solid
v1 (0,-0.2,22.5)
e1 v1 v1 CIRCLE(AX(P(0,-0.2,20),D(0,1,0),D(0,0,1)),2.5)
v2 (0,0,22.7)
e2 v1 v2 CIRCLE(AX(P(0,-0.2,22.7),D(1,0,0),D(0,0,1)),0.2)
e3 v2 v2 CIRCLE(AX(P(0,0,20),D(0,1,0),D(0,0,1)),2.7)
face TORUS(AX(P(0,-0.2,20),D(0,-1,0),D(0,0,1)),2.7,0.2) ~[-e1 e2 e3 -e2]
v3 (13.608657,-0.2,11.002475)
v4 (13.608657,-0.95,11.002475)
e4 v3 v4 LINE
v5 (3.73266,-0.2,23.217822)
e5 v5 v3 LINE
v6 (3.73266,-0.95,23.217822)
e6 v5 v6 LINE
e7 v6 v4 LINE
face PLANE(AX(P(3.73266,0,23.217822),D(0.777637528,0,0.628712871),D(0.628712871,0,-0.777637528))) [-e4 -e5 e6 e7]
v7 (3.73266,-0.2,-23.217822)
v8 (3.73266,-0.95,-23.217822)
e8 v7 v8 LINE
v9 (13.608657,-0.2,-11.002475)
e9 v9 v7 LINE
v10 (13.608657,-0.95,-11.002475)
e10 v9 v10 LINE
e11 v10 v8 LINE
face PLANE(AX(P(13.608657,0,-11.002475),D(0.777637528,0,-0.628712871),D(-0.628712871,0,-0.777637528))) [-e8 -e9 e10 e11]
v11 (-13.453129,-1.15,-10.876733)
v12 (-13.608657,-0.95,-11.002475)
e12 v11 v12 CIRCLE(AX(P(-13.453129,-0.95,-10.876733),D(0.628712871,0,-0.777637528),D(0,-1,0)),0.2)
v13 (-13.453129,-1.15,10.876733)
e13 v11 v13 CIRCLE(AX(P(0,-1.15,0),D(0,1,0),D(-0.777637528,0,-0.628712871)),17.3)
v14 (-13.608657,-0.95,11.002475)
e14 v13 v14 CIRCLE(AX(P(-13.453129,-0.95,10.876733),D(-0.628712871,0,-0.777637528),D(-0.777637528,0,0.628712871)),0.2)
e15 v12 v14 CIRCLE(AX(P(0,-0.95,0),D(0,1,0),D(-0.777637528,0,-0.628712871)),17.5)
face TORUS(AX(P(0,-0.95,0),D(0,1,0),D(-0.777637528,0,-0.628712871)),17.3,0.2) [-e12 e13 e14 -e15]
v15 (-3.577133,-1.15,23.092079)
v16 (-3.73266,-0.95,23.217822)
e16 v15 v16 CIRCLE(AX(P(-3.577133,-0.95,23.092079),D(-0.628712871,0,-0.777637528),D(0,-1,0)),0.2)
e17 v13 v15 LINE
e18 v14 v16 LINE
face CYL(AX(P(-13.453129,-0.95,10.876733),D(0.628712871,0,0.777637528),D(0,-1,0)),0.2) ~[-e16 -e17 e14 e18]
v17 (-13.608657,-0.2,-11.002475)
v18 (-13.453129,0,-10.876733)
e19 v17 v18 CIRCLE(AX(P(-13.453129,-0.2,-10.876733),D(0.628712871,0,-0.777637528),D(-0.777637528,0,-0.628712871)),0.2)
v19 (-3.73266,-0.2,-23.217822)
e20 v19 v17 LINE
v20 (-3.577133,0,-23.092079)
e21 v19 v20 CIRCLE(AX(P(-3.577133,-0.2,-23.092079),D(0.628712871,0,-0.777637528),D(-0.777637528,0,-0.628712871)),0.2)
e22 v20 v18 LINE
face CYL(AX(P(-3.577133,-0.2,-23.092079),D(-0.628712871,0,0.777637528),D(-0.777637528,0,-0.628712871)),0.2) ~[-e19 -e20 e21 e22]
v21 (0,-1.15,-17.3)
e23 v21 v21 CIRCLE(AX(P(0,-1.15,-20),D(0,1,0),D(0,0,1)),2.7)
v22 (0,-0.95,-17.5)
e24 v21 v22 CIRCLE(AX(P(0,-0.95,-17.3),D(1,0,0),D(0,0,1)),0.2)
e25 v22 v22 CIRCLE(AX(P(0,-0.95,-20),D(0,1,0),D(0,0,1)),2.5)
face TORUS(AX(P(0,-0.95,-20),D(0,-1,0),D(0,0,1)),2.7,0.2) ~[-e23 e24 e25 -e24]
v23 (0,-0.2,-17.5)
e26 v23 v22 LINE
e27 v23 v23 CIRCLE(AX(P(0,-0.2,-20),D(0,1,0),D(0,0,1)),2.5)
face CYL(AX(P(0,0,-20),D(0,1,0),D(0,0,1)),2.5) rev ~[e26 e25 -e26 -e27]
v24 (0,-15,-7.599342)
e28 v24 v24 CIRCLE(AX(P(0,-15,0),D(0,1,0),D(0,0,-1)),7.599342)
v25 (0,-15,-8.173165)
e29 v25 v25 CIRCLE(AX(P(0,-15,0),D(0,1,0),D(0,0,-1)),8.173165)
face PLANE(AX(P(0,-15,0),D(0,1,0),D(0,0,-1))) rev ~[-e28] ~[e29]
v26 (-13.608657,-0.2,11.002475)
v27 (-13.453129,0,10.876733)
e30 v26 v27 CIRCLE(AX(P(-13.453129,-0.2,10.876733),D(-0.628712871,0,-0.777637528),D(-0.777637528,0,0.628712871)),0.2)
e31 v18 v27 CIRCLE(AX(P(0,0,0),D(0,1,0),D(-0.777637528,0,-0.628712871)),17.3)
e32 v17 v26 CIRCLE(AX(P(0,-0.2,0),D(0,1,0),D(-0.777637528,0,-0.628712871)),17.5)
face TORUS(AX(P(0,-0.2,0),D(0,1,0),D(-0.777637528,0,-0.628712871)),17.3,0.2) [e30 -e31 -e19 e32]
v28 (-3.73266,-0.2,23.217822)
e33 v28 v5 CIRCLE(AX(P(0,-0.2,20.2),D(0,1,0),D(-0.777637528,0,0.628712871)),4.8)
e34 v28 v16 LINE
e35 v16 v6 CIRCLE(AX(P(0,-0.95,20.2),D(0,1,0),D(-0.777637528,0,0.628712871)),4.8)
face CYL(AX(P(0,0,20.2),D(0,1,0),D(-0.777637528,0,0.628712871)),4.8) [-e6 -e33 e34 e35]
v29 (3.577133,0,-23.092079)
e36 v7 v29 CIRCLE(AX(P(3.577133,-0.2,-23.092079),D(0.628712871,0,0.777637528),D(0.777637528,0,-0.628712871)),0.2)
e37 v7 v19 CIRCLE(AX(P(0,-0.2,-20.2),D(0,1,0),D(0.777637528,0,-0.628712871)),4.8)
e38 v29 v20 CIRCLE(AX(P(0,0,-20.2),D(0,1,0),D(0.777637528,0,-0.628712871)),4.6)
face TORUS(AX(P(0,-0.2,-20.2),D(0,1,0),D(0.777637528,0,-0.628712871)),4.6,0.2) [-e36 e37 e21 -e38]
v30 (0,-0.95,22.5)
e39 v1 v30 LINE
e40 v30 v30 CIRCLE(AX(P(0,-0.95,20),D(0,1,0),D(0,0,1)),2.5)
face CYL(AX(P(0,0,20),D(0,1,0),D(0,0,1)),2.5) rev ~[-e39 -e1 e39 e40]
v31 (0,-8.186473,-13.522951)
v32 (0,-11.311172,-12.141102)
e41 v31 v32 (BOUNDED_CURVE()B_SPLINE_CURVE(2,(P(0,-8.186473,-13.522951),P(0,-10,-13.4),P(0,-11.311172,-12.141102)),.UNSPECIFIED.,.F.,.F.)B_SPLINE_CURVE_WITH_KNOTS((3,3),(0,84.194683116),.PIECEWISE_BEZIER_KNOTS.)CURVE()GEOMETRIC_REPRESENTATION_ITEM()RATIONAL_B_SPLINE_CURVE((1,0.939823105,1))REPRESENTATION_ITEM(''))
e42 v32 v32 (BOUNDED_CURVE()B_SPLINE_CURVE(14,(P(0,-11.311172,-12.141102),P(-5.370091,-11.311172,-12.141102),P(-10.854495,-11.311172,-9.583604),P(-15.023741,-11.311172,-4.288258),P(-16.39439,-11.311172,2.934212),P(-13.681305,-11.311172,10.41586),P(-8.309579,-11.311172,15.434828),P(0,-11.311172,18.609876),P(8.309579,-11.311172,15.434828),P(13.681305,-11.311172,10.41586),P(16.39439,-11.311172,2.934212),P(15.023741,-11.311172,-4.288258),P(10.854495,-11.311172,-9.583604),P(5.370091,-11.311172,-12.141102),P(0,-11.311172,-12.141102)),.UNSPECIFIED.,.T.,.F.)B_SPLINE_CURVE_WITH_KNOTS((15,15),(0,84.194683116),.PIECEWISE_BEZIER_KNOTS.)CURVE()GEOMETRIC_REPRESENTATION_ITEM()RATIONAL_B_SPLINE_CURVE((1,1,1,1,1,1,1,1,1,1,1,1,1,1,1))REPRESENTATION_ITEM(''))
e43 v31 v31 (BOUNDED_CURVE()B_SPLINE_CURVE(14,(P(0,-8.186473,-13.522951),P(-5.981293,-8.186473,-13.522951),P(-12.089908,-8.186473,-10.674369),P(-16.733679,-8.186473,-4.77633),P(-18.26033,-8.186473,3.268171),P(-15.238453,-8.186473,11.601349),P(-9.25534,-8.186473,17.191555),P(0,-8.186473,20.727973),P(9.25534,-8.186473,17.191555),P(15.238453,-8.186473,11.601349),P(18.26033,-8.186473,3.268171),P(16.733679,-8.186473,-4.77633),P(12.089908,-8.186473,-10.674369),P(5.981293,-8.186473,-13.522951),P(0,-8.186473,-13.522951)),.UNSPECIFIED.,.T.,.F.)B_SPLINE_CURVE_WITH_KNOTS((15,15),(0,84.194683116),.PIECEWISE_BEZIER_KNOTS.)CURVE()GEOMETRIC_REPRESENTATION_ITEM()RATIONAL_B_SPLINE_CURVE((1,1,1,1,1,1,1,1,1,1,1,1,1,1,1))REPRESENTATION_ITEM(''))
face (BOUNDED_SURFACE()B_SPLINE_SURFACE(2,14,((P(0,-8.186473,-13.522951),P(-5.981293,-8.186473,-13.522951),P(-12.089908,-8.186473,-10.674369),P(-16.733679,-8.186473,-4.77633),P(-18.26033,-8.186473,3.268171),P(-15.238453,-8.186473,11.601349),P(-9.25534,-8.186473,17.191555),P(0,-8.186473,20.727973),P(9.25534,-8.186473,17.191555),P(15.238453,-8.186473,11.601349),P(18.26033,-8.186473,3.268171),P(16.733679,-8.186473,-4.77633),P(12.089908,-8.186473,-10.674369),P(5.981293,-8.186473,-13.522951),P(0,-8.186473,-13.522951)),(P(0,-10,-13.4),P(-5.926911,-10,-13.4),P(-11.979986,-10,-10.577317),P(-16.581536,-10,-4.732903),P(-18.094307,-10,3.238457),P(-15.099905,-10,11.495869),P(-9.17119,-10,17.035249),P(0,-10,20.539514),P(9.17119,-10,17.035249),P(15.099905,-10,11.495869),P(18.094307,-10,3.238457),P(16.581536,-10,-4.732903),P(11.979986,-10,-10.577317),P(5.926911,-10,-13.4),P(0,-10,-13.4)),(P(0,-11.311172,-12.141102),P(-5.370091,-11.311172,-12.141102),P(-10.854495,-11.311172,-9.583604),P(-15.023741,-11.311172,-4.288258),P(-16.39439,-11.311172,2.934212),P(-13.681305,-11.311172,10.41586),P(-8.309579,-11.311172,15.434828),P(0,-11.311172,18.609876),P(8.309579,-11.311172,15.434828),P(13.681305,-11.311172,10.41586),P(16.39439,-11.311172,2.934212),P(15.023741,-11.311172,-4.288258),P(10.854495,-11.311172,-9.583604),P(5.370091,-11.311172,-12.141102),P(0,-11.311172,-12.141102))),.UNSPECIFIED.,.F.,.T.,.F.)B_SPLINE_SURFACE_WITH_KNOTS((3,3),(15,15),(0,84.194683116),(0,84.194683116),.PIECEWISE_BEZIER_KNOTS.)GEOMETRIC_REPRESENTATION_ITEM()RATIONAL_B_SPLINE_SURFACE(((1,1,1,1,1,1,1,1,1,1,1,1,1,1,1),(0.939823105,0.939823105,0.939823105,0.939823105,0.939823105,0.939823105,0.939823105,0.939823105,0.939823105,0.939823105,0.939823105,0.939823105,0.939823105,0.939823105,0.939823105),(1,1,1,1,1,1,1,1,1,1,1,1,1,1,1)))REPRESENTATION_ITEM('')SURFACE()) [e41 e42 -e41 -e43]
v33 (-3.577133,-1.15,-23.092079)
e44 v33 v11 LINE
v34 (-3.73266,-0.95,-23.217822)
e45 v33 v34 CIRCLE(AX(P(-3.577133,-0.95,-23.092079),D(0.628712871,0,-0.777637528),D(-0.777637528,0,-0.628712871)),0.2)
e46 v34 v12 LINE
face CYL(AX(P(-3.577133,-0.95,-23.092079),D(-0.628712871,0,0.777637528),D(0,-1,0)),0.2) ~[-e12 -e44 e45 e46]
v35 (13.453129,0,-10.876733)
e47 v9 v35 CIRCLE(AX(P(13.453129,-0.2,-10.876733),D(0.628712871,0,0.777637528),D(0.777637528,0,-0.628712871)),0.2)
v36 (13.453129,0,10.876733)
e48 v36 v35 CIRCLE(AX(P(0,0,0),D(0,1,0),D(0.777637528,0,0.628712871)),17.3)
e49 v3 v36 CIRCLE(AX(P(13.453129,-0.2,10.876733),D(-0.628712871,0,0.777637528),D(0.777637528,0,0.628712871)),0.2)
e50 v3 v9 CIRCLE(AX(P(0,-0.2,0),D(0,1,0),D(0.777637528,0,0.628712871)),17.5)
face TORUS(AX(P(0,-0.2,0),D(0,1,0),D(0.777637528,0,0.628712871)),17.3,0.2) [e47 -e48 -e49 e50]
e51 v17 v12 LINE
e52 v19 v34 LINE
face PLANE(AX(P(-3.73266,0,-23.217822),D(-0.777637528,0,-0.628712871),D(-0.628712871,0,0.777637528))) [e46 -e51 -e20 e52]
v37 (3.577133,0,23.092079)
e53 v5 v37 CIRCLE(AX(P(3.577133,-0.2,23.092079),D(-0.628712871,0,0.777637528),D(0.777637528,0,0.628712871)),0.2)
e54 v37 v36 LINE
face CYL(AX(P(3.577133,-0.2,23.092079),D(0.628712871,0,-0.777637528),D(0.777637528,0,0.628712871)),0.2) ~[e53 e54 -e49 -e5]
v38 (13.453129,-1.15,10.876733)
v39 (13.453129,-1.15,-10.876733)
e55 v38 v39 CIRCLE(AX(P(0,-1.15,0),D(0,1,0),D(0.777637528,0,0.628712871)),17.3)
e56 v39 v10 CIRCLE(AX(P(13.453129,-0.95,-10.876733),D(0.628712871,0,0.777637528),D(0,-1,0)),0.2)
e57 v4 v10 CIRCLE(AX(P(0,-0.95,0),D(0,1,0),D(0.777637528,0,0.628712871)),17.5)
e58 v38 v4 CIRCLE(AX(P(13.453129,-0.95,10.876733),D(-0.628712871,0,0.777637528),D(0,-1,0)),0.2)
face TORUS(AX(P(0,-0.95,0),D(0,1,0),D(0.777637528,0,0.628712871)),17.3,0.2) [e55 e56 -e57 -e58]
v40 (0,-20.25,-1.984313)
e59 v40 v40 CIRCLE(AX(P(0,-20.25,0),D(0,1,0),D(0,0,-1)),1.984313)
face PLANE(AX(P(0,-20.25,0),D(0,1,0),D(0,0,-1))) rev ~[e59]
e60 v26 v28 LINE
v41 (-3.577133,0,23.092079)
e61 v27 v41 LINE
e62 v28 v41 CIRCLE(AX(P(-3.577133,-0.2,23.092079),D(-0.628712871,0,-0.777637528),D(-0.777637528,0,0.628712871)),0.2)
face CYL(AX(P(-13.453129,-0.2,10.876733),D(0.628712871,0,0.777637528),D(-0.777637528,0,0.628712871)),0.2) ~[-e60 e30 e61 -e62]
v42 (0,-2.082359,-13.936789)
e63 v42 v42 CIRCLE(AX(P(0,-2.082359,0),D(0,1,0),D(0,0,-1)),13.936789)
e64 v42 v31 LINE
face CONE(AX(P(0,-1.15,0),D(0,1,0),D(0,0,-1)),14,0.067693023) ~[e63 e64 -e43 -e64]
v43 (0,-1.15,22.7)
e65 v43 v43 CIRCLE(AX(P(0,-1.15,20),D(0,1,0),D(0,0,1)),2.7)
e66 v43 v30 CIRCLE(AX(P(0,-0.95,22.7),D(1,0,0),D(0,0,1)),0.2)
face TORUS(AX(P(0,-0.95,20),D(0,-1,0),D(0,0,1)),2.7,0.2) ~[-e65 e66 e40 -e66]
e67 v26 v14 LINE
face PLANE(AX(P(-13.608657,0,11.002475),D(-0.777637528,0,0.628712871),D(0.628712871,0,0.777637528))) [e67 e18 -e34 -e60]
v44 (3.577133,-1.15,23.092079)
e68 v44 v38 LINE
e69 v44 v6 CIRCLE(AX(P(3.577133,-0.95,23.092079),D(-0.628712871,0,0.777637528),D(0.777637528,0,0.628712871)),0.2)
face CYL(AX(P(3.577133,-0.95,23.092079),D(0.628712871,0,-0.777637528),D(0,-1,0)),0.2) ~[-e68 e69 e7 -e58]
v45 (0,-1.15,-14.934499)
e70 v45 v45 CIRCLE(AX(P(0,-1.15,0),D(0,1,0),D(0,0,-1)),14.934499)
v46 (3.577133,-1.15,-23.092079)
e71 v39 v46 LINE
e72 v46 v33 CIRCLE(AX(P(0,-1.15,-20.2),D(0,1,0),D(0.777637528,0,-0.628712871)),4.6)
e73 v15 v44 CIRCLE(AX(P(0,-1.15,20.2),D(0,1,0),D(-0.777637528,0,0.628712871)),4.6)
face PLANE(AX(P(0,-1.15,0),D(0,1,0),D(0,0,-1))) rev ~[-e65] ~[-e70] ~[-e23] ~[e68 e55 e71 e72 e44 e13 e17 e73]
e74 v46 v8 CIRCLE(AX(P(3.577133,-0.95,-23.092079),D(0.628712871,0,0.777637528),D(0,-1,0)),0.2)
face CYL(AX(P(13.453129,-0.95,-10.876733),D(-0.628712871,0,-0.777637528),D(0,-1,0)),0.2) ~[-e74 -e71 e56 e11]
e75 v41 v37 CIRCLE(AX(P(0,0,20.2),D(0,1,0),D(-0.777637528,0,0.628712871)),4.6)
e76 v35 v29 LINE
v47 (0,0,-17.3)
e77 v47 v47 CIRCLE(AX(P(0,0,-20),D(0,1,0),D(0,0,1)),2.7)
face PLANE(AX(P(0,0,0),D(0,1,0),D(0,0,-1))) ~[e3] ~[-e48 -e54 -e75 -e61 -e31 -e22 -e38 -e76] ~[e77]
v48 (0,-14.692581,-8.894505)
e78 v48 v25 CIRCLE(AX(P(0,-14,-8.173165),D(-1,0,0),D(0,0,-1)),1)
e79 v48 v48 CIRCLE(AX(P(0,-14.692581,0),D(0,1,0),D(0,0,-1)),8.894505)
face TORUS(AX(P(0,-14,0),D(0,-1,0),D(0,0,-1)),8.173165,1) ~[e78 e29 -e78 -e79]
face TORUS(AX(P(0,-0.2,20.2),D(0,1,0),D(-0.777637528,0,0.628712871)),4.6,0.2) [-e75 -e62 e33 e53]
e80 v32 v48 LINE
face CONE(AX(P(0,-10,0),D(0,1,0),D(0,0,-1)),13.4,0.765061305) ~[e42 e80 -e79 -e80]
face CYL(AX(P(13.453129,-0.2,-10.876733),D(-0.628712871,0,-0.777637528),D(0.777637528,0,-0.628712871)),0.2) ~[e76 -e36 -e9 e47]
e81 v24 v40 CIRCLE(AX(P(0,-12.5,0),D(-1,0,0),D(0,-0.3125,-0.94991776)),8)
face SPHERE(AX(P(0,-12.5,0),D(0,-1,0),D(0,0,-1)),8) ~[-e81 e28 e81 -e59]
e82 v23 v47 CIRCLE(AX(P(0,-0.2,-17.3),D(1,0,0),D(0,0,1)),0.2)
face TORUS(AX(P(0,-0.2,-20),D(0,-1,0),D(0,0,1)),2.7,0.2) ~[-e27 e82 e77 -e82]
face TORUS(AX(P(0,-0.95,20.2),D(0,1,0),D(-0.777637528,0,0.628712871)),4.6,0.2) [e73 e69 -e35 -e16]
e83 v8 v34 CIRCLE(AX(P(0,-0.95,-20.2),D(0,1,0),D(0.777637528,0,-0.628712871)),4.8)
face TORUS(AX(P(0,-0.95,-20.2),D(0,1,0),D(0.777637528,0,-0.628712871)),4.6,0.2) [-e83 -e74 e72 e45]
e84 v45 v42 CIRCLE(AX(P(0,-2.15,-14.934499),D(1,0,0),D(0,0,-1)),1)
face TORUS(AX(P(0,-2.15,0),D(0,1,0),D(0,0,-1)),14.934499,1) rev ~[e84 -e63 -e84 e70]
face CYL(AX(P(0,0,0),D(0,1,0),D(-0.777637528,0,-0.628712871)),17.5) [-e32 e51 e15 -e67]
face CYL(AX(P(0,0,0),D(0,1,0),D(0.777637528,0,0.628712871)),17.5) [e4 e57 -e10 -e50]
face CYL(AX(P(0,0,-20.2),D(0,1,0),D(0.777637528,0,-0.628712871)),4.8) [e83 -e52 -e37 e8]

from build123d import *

# Parameters (mm, degrees)
FILLET1_R      = 1
FILLET2_R      = 5
SKETCH2_W      = 78.419719427
SKETCH2_H      = 65.605538268
EXTRUDE1_DEPTH = 10
SKETCH3_R      = 2.5
EXTRUDE2_DEPTH = 10
FILLET3_R      = 0.2


with BuildPart() as part:
    # Sketch1 → Revolve1 (revolve)
    with BuildSketch(Plane.XY, mode=Mode.PRIVATE) as revolve1_sk:
        with BuildLine():
            Line((0, 0), (26, 0))
            Line((26, 0), (26, -1.15))
            Line((26, -1.15), (14, -1.15))
            Line((14, -1.15), (13.4, -10))
            Line((13.4, -10), (8.599342077, -15))
            Line((8.599342077, -15), (7.599342077, -15))
            ThreePointArc((7.599342077, -15), (5.463720205, -18.343608605), (1.984313483, -20.25))
            Line((1.984313483, -20.25), (0, -20.25))
            Line((0, -20.25), (0, 0))
        make_face()
    revolve(revolve1_sk.sketch.rotate(Axis((0, -20.25, 0), (0, 1, 0)), 90), axis=Axis((0, -20.25, 0), (0, 1, 0)))

    # Fillet1
    fillet1_edges = [part.edges().sort_by_distance(p)[0] for p in [
        (0, -15, 8.599342077),
        (0, -1.15, 14),
    ]]
    fillet(fillet1_edges, radius=FILLET1_R)

    # Fillet2
    fillet2_edges = [part.edges().sort_by_distance(p)[0] for p in [
        (0, -10, 13.4),
    ]]
    fillet(fillet2_edges, radius=FILLET2_R)

    # Sketch2 → Extrude1 (cut)
    with BuildSketch(Plane(origin=(0, 0, 0), x_dir=(-1, 0, 0), z_dir=(0, 1, 0))):
        with Locations((-0.942236515, -0.511843557)):
            Rectangle(SKETCH2_W, SKETCH2_H)
        with BuildLine():
            Line((3.732660136, -23.217821782), (13.608656746, -11.002475248))
            ThreePointArc((13.608656746, -11.002475248), (17.5, 0), (13.608656746, 11.002475248))
            Line((13.608656746, 11.002475248), (3.732660136, 23.217821782))
            ThreePointArc((3.732660136, 23.217821782), (0, 25), (-3.732660136, 23.217821782))
            Line((-3.732660136, 23.217821782), (-13.608656746, 11.002475248))
            ThreePointArc((-13.608656746, 11.002475248), (-17.5, 0), (-13.608656746, -11.002475248))
            Line((-13.608656746, -11.002475248), (-3.732660136, -23.217821782))
            ThreePointArc((-3.732660136, -23.217821782), (0, -25), (3.732660136, -23.217821782))
        make_face(mode=Mode.SUBTRACT)
    extrude(amount=-EXTRUDE1_DEPTH, mode=Mode.SUBTRACT)

    # Sketch3 → Extrude2 (cut)
    with BuildSketch(Plane(origin=(0, 0, 0), x_dir=(1, 0, 0), z_dir=(0, 1, 0))):
        with Locations(Location((0, 20, 0), (0, 0, 270))):
            Circle(SKETCH3_R)
        with Locations(Location((0, -20, 0), (0, 0, 270))):
            Circle(SKETCH3_R)
    extrude(amount=-EXTRUDE2_DEPTH, mode=Mode.SUBTRACT)

    # Fillet3
    fillet3_edges = [part.edges().sort_by_distance(p)[0] for p in [
        (8.670658441, -1.15, -17.110148515),
        (0, -1.15, -25),
        (-8.670658441, -1.15, -17.110148515),
        (-17.5, -1.15, 0),
        (-8.670658441, -1.15, 17.110148515),
        (0, -1.15, 25),
        (8.670658441, -1.15, 17.110148515),
        (17.5, -1.15, 0),
        (17.5, 0, 0),
        (8.670658441, 0, 17.110148515),
        (0, 0, 25),
        (-8.670658441, 0, 17.110148515),
        (-17.5, 0, 0),
        (-8.670658441, 0, -17.110148515),
        (0, 0, -25),
        (8.670658441, 0, -17.110148515),
        (0, -1.15, -22.5),
        (0, 0, -22.5),
        (0, -1.15, 17.5),
        (0, 0, 17.5),
    ]]
    fillet(fillet3_edges, radius=FILLET3_R)


solid = part.part
